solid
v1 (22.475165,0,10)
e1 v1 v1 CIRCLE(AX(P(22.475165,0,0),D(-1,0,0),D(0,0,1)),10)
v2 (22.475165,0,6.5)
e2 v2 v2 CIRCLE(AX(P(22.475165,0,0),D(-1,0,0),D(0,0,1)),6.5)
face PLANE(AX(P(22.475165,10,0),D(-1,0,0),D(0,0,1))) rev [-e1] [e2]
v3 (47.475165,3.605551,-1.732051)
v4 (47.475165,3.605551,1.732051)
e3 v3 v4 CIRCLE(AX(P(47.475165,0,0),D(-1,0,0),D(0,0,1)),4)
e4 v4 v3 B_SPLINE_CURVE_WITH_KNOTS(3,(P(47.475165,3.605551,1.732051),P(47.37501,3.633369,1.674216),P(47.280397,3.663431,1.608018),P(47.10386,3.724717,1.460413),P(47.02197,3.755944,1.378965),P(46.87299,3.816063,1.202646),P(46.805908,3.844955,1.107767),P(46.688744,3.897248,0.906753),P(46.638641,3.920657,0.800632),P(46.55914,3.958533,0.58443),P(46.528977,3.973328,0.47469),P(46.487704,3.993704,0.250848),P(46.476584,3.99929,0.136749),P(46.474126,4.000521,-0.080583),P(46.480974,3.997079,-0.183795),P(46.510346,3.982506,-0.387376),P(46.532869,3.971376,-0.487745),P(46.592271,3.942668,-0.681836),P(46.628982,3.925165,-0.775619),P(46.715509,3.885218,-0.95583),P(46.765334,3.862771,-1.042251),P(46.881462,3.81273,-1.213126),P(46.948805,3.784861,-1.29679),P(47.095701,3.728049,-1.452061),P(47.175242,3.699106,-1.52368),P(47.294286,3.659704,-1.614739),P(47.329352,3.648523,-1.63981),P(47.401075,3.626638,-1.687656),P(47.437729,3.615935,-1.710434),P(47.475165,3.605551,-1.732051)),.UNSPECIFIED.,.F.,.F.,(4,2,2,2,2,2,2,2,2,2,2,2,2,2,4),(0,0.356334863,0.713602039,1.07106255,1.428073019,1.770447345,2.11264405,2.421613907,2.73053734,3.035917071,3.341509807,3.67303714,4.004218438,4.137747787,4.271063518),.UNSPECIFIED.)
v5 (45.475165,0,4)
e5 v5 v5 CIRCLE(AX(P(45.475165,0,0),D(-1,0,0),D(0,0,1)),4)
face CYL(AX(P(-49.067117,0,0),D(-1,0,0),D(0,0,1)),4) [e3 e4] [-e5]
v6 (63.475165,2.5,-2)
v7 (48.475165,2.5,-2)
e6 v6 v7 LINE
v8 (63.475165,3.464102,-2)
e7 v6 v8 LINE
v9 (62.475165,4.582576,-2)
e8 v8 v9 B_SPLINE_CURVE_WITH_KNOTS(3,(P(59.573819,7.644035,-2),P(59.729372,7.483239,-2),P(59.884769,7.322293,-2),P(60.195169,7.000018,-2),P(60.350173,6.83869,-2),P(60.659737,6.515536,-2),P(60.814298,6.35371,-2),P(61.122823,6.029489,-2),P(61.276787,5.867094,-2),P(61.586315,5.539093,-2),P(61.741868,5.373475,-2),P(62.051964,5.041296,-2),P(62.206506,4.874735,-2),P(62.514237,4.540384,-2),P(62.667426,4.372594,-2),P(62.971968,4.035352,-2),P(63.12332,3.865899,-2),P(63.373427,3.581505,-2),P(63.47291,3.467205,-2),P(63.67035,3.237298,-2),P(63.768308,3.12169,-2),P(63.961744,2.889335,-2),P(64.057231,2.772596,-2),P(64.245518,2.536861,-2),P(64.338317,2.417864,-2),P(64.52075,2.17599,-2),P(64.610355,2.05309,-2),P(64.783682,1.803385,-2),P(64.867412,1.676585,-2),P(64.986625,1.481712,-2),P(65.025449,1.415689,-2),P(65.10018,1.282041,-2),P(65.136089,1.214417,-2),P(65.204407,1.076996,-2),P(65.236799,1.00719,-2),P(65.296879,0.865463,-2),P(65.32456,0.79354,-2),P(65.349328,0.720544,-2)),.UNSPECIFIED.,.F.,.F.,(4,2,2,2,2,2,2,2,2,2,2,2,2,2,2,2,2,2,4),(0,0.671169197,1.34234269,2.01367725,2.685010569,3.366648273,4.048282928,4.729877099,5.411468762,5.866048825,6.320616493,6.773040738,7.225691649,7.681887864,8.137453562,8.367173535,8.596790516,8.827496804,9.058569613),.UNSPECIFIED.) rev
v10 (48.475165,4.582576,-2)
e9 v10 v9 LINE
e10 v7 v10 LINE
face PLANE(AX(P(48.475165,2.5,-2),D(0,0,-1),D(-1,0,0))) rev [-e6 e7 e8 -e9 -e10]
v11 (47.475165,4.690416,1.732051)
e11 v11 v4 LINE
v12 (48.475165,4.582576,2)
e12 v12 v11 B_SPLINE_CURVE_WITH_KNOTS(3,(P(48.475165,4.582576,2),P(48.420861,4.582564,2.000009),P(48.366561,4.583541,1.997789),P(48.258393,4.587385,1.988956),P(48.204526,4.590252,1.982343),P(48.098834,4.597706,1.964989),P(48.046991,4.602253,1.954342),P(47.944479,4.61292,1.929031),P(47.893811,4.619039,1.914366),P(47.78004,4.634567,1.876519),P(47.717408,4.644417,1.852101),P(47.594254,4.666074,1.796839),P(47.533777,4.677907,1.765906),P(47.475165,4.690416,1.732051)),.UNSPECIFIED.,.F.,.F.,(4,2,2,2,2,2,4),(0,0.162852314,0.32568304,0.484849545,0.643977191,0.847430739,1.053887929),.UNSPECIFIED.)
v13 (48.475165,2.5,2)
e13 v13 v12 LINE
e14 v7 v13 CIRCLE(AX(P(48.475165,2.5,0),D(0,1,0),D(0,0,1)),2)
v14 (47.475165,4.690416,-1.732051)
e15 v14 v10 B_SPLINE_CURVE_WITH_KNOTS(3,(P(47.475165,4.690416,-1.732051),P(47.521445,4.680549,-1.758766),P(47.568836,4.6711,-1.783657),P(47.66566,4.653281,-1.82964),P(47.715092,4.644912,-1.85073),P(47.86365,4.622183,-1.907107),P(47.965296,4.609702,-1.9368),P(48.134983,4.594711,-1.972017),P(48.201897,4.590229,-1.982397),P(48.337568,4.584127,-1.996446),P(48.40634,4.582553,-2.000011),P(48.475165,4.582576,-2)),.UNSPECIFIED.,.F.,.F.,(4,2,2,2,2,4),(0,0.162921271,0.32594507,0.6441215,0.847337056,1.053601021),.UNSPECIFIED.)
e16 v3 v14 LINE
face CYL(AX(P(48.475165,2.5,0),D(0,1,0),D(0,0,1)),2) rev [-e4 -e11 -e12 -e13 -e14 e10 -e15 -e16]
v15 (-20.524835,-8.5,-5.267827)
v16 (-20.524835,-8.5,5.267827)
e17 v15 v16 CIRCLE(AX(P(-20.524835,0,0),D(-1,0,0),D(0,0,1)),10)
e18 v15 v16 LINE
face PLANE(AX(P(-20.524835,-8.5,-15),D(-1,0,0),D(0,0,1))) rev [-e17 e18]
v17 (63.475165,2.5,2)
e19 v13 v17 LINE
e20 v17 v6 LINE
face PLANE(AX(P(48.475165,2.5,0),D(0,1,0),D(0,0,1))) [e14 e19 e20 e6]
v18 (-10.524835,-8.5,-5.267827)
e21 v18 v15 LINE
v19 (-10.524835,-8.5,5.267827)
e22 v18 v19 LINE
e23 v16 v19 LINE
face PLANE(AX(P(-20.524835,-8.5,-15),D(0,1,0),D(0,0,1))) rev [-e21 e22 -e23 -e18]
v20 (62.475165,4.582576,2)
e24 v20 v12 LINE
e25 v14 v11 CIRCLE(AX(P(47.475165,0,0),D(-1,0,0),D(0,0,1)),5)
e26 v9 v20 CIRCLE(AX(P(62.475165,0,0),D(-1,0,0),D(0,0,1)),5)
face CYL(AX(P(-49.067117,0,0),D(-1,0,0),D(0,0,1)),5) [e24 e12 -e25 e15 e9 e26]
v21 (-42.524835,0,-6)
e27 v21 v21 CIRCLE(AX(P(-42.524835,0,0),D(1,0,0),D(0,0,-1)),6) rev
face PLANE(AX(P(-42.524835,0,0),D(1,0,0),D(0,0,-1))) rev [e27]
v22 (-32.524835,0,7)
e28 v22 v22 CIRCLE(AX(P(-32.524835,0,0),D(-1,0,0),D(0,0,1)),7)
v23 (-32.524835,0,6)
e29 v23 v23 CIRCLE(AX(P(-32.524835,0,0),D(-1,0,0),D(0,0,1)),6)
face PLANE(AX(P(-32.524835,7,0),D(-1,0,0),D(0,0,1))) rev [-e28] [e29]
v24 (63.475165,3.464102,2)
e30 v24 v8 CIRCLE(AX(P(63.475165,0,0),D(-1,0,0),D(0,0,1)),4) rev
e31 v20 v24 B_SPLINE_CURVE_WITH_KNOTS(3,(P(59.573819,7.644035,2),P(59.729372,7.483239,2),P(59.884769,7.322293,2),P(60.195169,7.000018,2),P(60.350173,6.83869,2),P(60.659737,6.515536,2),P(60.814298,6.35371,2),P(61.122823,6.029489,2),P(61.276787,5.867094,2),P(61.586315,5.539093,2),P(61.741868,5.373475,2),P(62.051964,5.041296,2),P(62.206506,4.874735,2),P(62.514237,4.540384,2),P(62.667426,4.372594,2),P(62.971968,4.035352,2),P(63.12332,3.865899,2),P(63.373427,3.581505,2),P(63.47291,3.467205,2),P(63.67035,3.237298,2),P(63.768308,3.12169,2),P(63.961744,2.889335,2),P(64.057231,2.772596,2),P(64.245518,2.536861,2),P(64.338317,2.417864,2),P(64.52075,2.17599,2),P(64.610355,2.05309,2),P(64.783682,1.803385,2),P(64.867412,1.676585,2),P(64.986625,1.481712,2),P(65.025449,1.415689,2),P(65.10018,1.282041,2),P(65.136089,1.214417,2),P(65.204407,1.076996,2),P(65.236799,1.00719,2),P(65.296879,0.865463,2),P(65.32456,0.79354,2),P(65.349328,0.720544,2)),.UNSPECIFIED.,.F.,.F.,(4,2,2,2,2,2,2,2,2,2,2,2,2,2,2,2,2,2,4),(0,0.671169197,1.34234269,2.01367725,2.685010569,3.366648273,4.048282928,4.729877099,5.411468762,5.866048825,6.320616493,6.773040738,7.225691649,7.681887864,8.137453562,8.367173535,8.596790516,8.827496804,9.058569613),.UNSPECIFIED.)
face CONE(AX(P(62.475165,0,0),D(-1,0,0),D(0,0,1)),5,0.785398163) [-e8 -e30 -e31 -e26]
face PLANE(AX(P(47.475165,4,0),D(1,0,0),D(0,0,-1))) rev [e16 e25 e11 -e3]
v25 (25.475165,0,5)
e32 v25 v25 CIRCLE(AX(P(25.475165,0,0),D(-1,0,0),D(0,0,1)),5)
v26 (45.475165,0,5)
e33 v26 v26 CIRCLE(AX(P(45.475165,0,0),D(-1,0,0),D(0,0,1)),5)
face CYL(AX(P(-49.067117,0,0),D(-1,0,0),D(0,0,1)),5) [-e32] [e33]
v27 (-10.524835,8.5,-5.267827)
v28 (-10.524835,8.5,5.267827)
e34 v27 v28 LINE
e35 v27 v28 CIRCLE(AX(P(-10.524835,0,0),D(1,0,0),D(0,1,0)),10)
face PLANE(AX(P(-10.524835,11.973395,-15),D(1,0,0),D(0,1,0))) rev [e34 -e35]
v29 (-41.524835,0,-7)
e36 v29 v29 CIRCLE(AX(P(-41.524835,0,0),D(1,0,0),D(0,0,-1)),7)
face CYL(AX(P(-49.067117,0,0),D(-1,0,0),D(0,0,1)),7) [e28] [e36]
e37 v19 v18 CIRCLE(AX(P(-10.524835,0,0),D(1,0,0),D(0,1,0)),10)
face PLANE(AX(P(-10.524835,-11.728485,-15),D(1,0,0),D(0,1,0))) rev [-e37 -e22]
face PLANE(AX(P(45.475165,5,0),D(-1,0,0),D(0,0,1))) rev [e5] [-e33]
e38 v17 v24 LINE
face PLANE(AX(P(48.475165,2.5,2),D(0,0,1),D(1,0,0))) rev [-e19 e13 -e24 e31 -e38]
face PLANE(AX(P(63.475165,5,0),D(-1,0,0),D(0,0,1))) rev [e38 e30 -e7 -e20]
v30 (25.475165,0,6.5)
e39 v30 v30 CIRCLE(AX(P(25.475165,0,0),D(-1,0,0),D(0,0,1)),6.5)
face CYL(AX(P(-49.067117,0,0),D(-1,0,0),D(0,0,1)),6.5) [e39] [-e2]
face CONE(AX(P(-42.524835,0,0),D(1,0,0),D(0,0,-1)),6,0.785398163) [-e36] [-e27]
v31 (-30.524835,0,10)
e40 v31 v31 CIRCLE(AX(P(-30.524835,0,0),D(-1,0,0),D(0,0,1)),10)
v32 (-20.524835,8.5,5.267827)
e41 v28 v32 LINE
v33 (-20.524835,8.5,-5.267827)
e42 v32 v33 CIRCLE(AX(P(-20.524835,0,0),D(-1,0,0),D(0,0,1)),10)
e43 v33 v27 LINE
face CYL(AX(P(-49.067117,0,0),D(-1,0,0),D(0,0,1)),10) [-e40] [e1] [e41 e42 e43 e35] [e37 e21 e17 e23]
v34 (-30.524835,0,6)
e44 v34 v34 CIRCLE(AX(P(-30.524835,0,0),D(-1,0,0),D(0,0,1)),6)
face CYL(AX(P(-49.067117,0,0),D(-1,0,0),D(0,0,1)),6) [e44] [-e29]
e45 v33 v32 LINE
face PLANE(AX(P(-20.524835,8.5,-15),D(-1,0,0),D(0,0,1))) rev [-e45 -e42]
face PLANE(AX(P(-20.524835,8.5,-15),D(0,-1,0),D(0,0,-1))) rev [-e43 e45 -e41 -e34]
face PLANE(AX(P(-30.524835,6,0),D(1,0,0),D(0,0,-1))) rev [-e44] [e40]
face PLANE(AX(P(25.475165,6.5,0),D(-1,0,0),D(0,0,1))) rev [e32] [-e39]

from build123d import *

# Parameters (mm, degrees)
CHAMFER_1_SIZE      = 1
SKETCH_2_W          = 10
SKETCH_2_H          = 3.47339454
SKETCH_2_H_2        = 3.228485256
CUT_EXTRUDE_1_DEPTH = 15
CUT_EXTRUDE_2_DEPTH = 2.5


with BuildPart() as part:
    # 草图1 → 旋转1 (revolve)
    with BuildSketch(Plane.XY, mode=Mode.PRIVATE) as revolve_1_sk:
        Polygon((-42.524834638, 0), (-42.524834638, 7), (-32.524834638, 7), (-32.524834638, 6), (-30.524834638, 6), (-30.524834638, 10), (22.475165362, 10), (22.475165362, 6.5), (25.475165362, 6.5), (25.475165362, 5), (45.475165362, 5), (45.475165362, 4), (47.475165362, 4), (47.475165362, 5), (63.475165362, 5), (63.475165362, 0), align=None)
    revolve(revolve_1_sk.sketch.rotate(Axis((-49.06711689, 0, 0), (1, 0, 0)), 90), axis=Axis((-49.06711689, 0, 0), (1, 0, 0)))

    # 倒角1
    chamfer_1_edges = [part.edges().sort_by_distance(p)[0] for p in [
        (63.475165362, 0, -5),
        (-42.524834638, 0, -7),
    ]]
    chamfer(chamfer_1_edges, length=CHAMFER_1_SIZE)

    # 草图2 → 拉伸1 (cut, symmetric)
    with BuildSketch(Plane.XY):
        with Locations((-15.524834638, 10.23669727)):
            Rectangle(SKETCH_2_W, SKETCH_2_H)
        with Locations((-15.524834638, -10.114242628)):
            Rectangle(SKETCH_2_W, SKETCH_2_H_2)
    extrude(amount=CUT_EXTRUDE_1_DEPTH, both=True, mode=Mode.SUBTRACT)

    # 草图3 → 拉伸2 (cut)
    with BuildSketch(Plane(origin=(0, 5, 0), x_dir=(-1, 0, 0), z_dir=(0, 1, 0))):
        with BuildLine():
            Line((-48.475165362, 2), (-63.475165362, 2))
            Line((-63.475165362, 2), (-63.475165362, -2))
            Line((-63.475165362, -2), (-48.475165362, -2))
            ThreePointArc((-48.475165362, -2), (-46.475165362, 0), (-48.475165362, 2))
        make_face()
    extrude(amount=-CUT_EXTRUDE_2_DEPTH, mode=Mode.SUBTRACT)


solid = part.part
